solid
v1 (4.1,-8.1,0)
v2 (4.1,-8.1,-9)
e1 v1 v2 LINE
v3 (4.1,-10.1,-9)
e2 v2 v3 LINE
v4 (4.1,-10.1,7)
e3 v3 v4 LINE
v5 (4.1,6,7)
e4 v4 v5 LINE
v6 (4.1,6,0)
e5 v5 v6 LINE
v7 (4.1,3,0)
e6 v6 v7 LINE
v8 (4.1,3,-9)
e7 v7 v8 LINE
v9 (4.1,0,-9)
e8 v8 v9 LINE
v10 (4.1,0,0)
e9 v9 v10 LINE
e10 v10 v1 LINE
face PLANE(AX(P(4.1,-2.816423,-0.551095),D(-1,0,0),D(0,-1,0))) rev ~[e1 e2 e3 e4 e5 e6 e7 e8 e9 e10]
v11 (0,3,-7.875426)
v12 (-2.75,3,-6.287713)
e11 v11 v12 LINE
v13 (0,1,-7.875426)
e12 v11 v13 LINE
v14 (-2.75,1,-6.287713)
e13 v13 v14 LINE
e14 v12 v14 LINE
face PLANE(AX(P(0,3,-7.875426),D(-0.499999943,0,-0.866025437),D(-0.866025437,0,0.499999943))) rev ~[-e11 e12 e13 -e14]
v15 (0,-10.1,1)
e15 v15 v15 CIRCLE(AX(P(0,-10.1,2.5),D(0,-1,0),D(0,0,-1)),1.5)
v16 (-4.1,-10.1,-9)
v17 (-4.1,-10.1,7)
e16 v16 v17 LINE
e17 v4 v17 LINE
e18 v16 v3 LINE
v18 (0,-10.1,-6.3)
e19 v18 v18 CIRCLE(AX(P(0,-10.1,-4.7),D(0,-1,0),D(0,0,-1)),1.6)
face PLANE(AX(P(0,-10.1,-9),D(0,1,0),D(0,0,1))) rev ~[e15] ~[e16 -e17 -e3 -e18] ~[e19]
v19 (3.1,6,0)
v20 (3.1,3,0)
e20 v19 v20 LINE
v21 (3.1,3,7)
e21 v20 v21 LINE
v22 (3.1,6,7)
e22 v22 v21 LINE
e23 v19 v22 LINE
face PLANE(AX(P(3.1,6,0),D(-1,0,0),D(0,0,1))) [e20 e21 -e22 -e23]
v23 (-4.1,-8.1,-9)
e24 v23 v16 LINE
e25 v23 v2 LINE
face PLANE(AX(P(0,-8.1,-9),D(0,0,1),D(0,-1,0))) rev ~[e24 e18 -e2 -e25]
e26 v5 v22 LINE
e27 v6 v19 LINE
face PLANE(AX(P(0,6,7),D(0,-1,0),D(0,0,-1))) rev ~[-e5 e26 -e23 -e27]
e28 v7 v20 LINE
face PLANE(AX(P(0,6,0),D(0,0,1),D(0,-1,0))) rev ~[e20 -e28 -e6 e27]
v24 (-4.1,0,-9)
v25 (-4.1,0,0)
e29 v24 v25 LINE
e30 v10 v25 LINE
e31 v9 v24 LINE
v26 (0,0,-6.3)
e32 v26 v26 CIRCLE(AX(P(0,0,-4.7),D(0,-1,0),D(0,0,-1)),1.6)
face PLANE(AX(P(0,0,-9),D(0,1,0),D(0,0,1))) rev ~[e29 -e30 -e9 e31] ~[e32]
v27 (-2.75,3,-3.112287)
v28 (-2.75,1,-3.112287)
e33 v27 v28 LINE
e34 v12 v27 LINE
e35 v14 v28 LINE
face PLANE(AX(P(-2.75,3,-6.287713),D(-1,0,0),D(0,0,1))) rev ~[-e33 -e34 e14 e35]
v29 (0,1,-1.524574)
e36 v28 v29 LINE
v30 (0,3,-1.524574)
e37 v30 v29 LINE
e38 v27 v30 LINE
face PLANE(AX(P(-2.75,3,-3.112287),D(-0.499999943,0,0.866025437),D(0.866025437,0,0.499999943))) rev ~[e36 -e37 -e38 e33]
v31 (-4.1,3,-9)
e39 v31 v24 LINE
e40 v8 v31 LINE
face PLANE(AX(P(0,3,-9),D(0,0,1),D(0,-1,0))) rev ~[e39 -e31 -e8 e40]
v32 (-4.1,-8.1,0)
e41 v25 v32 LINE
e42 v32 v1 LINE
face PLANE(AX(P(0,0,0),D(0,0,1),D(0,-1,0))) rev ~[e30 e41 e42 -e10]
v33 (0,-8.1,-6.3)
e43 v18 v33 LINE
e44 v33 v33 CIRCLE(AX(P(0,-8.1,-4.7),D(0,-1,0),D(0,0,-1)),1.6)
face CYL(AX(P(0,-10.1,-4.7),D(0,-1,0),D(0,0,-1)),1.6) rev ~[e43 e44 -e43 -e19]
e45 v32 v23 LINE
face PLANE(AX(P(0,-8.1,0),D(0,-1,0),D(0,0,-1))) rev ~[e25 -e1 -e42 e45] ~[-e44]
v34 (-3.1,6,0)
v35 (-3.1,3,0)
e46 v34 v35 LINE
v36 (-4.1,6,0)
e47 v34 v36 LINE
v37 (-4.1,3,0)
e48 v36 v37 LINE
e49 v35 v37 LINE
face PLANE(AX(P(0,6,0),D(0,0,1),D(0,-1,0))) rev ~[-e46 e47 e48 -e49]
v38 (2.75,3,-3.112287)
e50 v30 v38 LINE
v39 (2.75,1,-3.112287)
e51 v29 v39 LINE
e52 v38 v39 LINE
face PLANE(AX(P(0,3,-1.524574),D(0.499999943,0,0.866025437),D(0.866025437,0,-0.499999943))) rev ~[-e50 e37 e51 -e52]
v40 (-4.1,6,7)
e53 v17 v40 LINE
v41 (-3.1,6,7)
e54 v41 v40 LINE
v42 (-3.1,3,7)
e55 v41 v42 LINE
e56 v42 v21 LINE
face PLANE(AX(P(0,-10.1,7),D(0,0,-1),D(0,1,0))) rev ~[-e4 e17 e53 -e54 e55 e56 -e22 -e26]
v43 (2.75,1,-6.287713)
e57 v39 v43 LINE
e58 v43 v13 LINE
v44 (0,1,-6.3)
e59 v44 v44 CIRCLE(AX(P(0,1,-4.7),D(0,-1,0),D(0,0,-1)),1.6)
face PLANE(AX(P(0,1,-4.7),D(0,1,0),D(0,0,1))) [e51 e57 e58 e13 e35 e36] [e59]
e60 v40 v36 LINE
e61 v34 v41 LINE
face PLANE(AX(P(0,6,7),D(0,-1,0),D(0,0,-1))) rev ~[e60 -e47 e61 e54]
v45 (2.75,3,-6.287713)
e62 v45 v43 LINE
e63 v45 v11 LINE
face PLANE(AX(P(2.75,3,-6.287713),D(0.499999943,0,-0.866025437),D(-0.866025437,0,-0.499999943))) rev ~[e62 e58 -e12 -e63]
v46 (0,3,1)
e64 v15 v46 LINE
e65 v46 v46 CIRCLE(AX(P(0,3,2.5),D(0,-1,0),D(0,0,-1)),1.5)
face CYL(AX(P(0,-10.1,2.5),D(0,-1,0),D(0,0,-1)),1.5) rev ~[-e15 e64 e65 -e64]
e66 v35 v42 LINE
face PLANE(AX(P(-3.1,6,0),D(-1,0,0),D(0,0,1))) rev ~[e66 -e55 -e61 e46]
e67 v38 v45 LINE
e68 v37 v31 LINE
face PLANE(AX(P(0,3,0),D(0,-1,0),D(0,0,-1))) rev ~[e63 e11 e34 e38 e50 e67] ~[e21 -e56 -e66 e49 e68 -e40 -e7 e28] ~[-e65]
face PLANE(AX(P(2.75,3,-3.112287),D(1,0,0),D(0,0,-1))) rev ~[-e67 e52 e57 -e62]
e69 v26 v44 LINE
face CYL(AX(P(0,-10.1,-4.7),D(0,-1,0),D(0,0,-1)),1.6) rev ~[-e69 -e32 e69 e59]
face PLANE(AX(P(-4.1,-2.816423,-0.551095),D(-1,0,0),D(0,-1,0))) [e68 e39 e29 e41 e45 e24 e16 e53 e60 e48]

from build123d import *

# Parameters (mm, degrees)
PAD_DEPTH       = 4.1
SKETCH002_R     = 1.5
SKETCH002_R_2   = 1.6
POCKET_DEPTH    = 16.101
SKETCH003_W     = 7
SKETCH003_H     = 6.2
POCKET001_DEPTH = 3
POCKET002_DEPTH = 16.101
POCKET003_DEPTH = 2


with BuildPart() as part:
    # Sketch → Pad (new body, symmetric)
    with BuildSketch(Plane.YZ):
        Polygon((-10.1, -9), (-10.1, 7), (6, 7), (6, 0), (3, 0), (3, -9), (0, -9), (0, 0), (-8.1, 0), (-8.1, -9), align=None)
    extrude(amount=PAD_DEPTH, both=True)

    # Sketch002 (on Face1 of Pad) → Pocket (cut, through all)
    with BuildSketch(Plane(origin=(0, -10.1, 0), x_dir=(0, 0, -1), z_dir=(0, -1, 0))):
        with Locations((-2.5, 0)):
            Circle(SKETCH002_R)
        with Locations((4.7, 0)):
            Circle(SKETCH002_R_2)
    extrude(amount=-POCKET_DEPTH, mode=Mode.SUBTRACT)

    # Sketch003 (on Face9 of Pocket) → Pocket001 (cut)
    with BuildSketch(Plane.ZX.offset(6)):
        with Locations((3.5, 0)):
            Rectangle(SKETCH003_W, SKETCH003_H)
    extrude(amount=-POCKET001_DEPTH, mode=Mode.SUBTRACT)

    # Sketch002 (on Face1 of Pad) → Pocket002 (cut, through all)
    with BuildSketch(Plane(origin=(0, -10.1, 0), x_dir=(0, 0, -1), z_dir=(0, -1, 0))):
        with Locations((-2.5, 0)):
            Circle(SKETCH002_R)
        with Locations((4.7, 0)):
            Circle(SKETCH002_R_2)
    extrude(amount=-POCKET002_DEPTH, mode=Mode.SUBTRACT)

    # Sketch004 (on Face19 of Pocket001) → Pocket003 (cut)
    with BuildSketch(Plane.ZX.offset(3)):
        Polygon((-7.875426, 0), (-6.287713, -2.75), (-3.112287, -2.75), (-1.524574, 0), (-3.112287, 2.75), (-6.287713, 2.75), align=None)
    extrude(amount=-POCKET003_DEPTH, mode=Mode.SUBTRACT)


solid = part.part
